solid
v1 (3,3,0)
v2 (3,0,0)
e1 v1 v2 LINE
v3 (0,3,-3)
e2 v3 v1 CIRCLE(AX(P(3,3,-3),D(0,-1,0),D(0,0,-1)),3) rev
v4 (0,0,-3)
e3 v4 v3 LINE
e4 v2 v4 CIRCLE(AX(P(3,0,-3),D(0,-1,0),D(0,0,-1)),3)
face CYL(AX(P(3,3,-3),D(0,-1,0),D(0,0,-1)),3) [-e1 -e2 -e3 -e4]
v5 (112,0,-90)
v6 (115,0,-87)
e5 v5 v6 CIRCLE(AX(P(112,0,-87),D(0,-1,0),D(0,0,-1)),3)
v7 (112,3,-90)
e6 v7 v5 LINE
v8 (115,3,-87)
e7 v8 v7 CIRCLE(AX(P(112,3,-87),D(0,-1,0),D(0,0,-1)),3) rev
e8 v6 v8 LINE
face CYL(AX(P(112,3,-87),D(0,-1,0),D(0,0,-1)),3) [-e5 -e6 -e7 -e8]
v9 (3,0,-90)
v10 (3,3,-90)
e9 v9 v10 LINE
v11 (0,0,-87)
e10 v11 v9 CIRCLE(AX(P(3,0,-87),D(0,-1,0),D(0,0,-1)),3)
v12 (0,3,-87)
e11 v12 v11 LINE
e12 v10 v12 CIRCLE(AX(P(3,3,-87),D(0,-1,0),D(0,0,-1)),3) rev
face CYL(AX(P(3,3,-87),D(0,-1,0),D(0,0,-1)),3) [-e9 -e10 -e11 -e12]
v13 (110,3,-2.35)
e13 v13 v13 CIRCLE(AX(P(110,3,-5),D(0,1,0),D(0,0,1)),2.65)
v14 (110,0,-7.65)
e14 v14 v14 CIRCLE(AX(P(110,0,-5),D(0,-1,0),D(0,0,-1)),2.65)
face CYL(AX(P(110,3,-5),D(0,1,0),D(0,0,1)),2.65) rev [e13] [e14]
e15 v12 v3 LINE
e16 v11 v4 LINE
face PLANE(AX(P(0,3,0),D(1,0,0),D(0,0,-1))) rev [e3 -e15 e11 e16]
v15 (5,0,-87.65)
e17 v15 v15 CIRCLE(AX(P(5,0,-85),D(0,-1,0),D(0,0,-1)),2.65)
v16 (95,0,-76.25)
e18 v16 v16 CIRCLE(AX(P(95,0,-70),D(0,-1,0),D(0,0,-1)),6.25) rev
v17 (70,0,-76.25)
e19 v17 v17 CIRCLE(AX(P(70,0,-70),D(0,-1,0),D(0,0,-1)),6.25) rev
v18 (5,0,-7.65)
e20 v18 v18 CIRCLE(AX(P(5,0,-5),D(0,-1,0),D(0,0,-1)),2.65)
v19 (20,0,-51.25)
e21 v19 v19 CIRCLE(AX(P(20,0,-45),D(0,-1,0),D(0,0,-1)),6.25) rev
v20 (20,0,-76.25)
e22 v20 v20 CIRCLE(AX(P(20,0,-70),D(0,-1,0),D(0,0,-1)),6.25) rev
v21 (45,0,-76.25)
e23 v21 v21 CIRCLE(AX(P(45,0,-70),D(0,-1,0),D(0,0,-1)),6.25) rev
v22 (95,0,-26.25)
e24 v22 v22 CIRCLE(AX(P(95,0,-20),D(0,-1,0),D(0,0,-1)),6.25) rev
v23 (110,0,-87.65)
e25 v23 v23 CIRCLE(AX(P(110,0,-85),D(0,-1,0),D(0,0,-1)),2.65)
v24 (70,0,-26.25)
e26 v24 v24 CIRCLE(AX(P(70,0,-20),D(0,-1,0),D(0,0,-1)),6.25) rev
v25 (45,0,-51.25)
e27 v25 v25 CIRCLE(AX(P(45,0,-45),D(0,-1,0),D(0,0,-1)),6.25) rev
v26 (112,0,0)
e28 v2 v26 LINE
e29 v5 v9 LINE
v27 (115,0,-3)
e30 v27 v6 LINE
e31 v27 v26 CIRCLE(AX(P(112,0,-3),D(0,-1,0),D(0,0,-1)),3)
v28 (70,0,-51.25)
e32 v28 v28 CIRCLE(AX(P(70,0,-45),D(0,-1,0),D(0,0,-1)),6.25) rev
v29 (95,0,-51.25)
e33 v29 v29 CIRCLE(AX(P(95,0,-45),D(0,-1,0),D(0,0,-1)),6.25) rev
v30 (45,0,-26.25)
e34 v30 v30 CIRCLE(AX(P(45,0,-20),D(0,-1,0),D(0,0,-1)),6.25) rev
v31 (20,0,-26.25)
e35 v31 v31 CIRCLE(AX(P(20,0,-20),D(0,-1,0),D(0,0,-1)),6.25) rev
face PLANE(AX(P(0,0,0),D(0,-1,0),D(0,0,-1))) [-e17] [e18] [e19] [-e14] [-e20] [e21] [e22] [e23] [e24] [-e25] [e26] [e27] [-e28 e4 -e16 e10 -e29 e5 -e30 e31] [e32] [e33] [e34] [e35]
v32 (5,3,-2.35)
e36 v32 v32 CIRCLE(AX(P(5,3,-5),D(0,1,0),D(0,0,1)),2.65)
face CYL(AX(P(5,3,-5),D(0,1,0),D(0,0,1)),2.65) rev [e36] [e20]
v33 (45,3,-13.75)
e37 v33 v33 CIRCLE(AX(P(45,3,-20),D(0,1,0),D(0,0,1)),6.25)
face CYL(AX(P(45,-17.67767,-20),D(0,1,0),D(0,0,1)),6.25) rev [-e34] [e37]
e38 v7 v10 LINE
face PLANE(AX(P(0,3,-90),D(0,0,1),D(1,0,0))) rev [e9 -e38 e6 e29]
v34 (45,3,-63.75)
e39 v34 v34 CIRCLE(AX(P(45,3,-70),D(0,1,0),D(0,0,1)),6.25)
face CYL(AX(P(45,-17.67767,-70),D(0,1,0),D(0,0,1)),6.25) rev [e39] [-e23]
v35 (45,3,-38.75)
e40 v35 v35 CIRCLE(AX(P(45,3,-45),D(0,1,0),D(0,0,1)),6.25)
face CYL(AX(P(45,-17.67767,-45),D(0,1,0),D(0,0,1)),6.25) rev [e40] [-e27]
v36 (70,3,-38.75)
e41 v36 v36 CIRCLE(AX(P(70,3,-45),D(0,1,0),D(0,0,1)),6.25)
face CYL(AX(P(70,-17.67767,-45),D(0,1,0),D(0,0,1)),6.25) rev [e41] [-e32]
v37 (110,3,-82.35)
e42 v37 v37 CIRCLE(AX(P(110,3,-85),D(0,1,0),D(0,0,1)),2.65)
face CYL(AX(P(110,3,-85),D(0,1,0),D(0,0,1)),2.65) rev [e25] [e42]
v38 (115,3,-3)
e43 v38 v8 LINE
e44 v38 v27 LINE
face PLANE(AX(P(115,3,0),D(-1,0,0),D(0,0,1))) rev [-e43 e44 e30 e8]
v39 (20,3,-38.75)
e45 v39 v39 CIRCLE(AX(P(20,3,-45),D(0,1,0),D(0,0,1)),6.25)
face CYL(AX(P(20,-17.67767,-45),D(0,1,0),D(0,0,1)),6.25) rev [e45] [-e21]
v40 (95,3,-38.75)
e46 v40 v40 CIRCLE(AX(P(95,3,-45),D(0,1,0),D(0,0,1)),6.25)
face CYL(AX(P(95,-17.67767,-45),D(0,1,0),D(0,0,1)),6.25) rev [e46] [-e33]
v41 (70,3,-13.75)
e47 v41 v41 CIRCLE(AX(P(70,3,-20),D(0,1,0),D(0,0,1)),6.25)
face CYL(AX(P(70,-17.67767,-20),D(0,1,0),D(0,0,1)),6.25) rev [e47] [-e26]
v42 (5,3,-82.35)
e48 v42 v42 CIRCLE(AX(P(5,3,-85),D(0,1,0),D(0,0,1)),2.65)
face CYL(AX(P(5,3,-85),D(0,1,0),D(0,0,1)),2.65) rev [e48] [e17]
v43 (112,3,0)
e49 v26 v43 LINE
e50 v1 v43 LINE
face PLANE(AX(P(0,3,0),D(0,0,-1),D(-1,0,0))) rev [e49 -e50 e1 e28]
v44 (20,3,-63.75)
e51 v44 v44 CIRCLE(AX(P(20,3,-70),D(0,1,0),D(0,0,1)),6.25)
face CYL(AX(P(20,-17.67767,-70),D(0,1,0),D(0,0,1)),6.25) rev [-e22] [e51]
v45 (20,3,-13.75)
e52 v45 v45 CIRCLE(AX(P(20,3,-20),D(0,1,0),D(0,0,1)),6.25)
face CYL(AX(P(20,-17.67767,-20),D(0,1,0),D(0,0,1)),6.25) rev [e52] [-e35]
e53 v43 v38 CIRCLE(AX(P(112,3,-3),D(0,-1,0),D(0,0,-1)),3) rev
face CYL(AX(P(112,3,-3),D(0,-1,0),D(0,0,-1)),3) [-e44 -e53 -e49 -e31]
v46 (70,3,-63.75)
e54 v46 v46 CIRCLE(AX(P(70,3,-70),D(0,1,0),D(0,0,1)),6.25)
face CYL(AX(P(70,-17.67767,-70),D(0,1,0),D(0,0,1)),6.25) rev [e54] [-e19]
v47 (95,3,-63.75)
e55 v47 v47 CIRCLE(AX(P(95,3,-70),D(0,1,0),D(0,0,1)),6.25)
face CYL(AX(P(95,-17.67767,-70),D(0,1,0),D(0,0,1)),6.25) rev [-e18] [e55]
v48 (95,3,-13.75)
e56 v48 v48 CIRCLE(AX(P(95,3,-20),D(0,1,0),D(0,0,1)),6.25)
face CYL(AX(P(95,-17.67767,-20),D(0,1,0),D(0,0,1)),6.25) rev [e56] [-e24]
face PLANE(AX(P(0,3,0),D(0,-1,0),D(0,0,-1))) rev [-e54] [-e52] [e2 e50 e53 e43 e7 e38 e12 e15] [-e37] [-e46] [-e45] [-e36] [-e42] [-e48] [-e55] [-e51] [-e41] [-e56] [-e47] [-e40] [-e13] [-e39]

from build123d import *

# Parameters (mm, degrees)
SKETCH1_W            = 115
SKETCH1_H            = 90
BOSS_EXTRUDE1_DEPTH  = 3
SKETCH2_R            = 6.25
CUT_EXTRUDE1_DEPTH   = 3
LPATTERN1_COUNT      = 4
LPATTERN1_PITCH      = 25
LPATTERN1_COUNT_DIR2 = 3
LPATTERN1_PITCH_DIR2 = 25
FILLET1_R            = 3
M5_CLEARANCE_HOLE1_D = 5.3


with BuildPart() as part:
    # Sketch1 → Boss-Extrude1 (new body)
    with BuildSketch(Plane(origin=(0, 0, 0), x_dir=(1, 0, 0), z_dir=(0, 1, 0))):
        with Locations((57.5, 45)):
            Rectangle(SKETCH1_W, SKETCH1_H)
    extrude(amount=BOSS_EXTRUDE1_DEPTH)

    # Sketch2 → Cut-Extrude1 (cut)
    with BuildSketch(Plane(origin=(0, 3, 0), x_dir=(1, 0, 0), z_dir=(0, 1, 0))):
        with Locations(Location((20, 70, 0), (0, 0, 270))):
            Circle(SKETCH2_R)
    cut_extrude1 = extrude(amount=-CUT_EXTRUDE1_DEPTH, mode=Mode.SUBTRACT)

    # LPattern1: Cut-Extrude1 4 × 3
    with Locations(*[(i * LPATTERN1_PITCH, 0, j * LPATTERN1_PITCH_DIR2) for i in range(LPATTERN1_COUNT) for j in range(LPATTERN1_COUNT_DIR2) if (i, j) != (0, 0)]):
        add(cut_extrude1, mode=Mode.SUBTRACT)

    # Fillet1
    fillet1_edges = [part.edges().sort_by_distance(p)[0] for p in [
        (0, 1.5, -90),
        (115, 1.5, -90),
        (115, 1.5, 0),
        (0, 1.5, 0),
    ]]
    fillet(fillet1_edges, radius=FILLET1_R)

    # M5 Clearance Hole1 (through all)
    with Locations(Plane(origin=(0, 3, 0), x_dir=(1, 0, 0), z_dir=(0, 1, 0))):
        with Locations((5, 85), (5, 5), (110, 5), (110, 85)):
            Hole(M5_CLEARANCE_HOLE1_D / 2)


solid = part.part
